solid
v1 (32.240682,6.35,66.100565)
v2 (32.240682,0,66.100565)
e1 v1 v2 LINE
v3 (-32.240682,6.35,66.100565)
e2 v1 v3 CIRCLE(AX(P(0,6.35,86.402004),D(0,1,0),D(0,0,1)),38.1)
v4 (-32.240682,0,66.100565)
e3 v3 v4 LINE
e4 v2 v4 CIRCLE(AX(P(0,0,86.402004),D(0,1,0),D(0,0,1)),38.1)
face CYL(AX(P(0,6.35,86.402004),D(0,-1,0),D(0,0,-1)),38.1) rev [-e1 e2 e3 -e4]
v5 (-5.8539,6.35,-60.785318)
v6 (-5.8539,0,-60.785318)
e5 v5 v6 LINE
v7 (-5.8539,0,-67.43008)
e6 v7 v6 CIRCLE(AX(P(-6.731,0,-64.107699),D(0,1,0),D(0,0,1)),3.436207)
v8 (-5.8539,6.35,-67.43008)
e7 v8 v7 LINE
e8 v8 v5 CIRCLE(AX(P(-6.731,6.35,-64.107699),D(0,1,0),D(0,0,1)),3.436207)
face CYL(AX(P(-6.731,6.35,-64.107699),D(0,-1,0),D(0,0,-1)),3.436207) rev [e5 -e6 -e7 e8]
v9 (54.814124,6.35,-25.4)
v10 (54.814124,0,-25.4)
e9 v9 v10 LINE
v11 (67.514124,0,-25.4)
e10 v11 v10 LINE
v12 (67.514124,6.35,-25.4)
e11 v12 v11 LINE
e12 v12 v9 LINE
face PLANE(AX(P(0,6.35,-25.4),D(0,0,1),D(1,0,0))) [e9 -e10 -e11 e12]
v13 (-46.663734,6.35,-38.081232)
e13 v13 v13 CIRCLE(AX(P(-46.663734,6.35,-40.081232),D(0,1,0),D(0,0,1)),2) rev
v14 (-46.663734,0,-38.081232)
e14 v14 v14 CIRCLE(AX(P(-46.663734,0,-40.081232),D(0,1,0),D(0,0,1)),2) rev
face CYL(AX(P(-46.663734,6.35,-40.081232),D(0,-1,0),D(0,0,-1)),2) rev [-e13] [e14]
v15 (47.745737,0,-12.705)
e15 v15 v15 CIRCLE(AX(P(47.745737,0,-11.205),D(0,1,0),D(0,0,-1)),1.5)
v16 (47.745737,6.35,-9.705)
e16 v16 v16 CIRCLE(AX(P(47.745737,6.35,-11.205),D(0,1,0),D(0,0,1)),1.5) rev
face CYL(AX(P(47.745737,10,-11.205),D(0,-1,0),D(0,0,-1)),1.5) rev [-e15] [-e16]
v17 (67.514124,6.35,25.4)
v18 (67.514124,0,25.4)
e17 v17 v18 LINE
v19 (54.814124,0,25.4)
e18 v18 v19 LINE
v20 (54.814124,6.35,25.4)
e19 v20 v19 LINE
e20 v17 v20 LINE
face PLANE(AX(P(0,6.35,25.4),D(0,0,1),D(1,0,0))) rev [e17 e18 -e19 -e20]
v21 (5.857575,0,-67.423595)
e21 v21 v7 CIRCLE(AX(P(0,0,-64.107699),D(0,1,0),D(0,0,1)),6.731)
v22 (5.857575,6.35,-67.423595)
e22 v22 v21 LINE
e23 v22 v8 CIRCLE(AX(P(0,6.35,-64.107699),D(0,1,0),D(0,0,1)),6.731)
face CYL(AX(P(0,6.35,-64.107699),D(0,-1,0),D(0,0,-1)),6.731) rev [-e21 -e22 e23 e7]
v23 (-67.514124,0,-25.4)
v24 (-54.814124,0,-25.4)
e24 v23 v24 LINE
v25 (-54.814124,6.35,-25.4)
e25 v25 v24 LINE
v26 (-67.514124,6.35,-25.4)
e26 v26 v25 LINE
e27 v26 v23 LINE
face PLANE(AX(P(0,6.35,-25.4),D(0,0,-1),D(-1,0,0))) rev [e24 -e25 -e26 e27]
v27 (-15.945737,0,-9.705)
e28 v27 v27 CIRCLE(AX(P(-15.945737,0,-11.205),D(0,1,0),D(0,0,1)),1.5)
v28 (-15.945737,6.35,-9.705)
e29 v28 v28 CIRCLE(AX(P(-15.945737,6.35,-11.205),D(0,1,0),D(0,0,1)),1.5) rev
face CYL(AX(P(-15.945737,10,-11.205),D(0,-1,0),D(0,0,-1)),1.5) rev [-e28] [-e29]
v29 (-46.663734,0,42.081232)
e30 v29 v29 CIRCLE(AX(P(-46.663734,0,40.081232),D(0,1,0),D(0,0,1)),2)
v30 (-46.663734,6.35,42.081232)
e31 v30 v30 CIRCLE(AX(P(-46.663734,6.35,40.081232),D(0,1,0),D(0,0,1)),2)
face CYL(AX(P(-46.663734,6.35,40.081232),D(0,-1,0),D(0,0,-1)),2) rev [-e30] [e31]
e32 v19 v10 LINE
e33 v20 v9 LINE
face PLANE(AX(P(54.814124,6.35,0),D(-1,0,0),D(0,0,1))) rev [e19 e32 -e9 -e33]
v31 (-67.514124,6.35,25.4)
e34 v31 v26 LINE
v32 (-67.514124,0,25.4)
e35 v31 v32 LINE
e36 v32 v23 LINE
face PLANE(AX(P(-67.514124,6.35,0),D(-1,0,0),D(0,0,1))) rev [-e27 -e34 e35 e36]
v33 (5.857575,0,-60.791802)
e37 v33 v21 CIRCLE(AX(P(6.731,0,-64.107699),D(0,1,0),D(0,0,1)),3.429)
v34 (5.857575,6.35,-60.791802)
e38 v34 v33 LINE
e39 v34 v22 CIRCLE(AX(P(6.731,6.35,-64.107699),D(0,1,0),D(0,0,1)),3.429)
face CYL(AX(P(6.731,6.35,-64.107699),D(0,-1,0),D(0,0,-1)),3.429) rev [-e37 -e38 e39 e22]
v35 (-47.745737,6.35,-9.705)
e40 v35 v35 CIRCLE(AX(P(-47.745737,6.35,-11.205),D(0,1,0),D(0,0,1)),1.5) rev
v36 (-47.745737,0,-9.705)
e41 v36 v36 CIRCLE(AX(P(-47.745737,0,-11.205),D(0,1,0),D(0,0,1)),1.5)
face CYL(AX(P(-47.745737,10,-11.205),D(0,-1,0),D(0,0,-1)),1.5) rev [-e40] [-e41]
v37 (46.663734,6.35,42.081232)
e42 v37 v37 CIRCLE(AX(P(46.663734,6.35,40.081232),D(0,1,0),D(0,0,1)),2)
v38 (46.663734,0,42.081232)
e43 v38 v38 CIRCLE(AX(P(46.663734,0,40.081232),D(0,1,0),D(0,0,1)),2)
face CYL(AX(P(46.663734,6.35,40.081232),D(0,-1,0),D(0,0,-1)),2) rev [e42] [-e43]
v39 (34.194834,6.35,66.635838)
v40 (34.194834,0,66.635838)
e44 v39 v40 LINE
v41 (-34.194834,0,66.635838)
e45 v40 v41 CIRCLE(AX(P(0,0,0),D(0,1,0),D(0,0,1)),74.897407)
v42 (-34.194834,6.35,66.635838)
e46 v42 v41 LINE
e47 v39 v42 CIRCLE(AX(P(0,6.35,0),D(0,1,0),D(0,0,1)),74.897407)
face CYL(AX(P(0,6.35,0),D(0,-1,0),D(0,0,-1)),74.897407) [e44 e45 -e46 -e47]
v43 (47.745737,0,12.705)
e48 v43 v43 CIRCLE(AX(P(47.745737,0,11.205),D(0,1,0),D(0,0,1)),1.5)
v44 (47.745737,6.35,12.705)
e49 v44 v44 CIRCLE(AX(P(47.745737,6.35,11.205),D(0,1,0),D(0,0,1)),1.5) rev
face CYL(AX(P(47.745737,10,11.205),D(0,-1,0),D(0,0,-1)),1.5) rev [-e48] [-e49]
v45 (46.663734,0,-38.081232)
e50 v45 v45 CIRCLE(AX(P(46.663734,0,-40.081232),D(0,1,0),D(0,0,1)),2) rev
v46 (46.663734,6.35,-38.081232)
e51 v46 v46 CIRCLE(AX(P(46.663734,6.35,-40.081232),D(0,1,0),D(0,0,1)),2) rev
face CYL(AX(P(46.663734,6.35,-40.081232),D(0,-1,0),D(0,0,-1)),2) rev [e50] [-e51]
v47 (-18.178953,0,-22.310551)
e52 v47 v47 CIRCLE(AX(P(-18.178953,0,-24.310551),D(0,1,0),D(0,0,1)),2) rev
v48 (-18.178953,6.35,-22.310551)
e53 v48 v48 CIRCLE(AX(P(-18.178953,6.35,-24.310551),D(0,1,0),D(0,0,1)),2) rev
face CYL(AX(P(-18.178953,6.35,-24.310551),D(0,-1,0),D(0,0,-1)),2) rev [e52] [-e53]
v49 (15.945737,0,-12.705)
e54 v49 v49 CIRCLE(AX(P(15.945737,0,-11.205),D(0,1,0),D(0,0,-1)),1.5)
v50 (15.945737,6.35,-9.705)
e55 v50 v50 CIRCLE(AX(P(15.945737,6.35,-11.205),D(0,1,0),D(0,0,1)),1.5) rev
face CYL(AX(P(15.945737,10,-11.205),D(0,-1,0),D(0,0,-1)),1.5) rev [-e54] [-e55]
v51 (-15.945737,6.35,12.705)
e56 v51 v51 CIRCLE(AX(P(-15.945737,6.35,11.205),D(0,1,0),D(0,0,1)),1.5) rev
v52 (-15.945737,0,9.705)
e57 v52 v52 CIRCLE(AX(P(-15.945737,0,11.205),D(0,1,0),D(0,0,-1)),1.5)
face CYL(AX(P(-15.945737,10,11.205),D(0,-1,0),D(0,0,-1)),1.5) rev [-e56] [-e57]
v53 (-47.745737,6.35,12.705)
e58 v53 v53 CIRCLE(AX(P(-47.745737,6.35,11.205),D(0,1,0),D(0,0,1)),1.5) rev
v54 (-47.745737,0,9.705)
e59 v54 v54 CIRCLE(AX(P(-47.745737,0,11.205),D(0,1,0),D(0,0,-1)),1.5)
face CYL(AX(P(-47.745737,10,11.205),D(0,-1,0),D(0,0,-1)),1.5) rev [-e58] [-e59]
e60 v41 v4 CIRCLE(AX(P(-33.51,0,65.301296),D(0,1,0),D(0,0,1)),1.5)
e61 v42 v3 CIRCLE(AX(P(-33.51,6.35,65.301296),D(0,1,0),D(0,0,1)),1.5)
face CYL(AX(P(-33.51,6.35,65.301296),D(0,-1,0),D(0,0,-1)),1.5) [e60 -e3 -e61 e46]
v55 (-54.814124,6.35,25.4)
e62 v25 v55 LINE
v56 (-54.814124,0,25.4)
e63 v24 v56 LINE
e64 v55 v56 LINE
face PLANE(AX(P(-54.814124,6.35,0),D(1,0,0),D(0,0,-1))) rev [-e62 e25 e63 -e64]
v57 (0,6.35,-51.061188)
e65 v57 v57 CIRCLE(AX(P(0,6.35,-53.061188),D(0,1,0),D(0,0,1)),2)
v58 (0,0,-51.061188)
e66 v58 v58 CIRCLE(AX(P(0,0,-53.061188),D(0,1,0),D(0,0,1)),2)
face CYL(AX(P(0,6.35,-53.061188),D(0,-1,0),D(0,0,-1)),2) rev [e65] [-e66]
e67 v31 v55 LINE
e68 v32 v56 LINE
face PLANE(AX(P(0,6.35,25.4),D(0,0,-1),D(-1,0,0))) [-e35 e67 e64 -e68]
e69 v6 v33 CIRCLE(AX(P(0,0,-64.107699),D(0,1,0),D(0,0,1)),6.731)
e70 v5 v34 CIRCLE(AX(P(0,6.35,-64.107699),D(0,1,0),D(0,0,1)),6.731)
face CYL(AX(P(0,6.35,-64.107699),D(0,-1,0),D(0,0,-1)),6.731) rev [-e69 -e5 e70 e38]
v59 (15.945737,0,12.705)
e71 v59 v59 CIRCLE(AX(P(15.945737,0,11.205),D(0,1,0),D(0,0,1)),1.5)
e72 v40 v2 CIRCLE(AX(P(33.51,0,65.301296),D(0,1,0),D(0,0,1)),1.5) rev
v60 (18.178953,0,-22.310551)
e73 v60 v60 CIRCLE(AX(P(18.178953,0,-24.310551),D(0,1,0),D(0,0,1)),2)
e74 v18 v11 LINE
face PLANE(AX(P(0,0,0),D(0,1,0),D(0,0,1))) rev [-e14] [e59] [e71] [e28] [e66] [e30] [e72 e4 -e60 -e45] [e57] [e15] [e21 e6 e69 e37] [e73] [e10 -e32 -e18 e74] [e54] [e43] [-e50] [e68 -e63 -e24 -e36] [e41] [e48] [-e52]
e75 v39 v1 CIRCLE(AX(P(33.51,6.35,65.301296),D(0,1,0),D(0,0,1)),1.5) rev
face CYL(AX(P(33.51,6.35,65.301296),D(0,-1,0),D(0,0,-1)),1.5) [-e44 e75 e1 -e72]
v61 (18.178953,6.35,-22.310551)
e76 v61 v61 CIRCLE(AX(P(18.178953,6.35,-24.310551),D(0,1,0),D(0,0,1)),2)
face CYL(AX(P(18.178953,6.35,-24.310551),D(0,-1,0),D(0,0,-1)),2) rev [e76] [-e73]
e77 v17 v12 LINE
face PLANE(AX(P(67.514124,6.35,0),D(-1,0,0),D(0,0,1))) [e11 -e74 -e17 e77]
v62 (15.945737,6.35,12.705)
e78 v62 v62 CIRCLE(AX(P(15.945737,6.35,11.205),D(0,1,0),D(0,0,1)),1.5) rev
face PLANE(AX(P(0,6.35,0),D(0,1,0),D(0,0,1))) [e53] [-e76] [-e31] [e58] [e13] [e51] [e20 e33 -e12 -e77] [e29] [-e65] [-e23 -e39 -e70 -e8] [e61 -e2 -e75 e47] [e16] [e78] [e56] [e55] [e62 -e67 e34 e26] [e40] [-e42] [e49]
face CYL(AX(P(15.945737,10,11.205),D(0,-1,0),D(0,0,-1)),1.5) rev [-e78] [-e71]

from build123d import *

# Parameters (mm, degrees)
SKETCH1_R           = 2
SKETCH1_W           = 12.7
SKETCH1_H           = 50.8
BOSS_EXTRUDE3_DEPTH = 6.35
SKETCH2_R           = 1.5
CUT_EXTRUDE2_DEPTH  = 10


with BuildPart() as part:
    # Sketch1 → Boss-Extrude3 (new body)
    with BuildSketch(Plane(origin=(0, 0, 0), x_dir=(1, 0, 0), z_dir=(0, 1, 0))):
        with BuildLine():
            ThreePointArc((34.194833578, -66.63583839), (33.11372382, -66.748004461), (32.240681933, -66.10056535))
            ThreePointArc((32.240681933, -66.10056535), (0, -48.302004425), (-32.240681933, -66.10056535))
            ThreePointArc((-32.240681933, -66.10056535), (-33.11372382, -66.748004461), (-34.194833578, -66.63583839))
            ThreePointArc((-34.194833578, -66.63583839), (0, 74.897407173), (34.194833578, -66.63583839))
        make_face()
        with Locations((0, 53.061187965)):
            Circle(SKETCH1_R, mode=Mode.SUBTRACT)
        with Locations((18.178952795, 24.310551096)):
            Circle(SKETCH1_R, mode=Mode.SUBTRACT)
        with Locations((46.663733983, 40.081231883)):
            Circle(SKETCH1_R, mode=Mode.SUBTRACT)
        with Locations((46.663733983, -40.081231883)):
            Circle(SKETCH1_R, mode=Mode.SUBTRACT)
        with Locations((-46.663733983, -40.081231883)):
            Circle(SKETCH1_R, mode=Mode.SUBTRACT)
        with Locations((-18.178952795, 24.310551096)):
            Circle(SKETCH1_R, mode=Mode.SUBTRACT)
        with Locations((-46.663733983, 40.081231883)):
            Circle(SKETCH1_R, mode=Mode.SUBTRACT)
        with Locations((61.164123727, 0)):
            Rectangle(SKETCH1_W, SKETCH1_H, mode=Mode.SUBTRACT)
        with Locations((-61.164123727, 0)):
            Rectangle(SKETCH1_W, SKETCH1_H, mode=Mode.SUBTRACT)
        with BuildLine():
            ThreePointArc((-5.853899988, 60.78531778), (0.003726822, 57.376699875), (5.857575472, 60.791802193))
            ThreePointArc((5.857575472, 60.791802193), (10.16, 64.107698843), (5.857575472, 67.423595493))
            ThreePointArc((5.857575472, 67.423595493), (0.003726822, 70.838697812), (-5.853899988, 67.430079907))
            ThreePointArc((-5.853899988, 67.430079907), (-10.167207264, 64.107698843), (-5.853899988, 60.78531778))
        make_face(mode=Mode.SUBTRACT)
    extrude(amount=BOSS_EXTRUDE3_DEPTH)

    # Sketch2 → Cut-Extrude2 (cut)
    with BuildSketch(Plane(origin=(0, 0, 0), x_dir=(1, 0, 0), z_dir=(0, 1, 0))):
        with Locations((-47.745737366, 11.205)):
            Circle(SKETCH2_R)
        with Locations((-47.745737366, -11.205)):
            Circle(SKETCH2_R)
        with Locations((-15.945737366, 11.205)):
            Circle(SKETCH2_R)
        with Locations((-15.945737366, -11.205)):
            Circle(SKETCH2_R)
        with Locations((15.945737366, -11.205)):
            Circle(SKETCH2_R)
        with Locations((15.945737366, 11.205)):
            Circle(SKETCH2_R)
        with Locations((47.745737366, -11.205)):
            Circle(SKETCH2_R)
        with Locations((47.745737366, 11.205)):
            Circle(SKETCH2_R)
    extrude(amount=CUT_EXTRUDE2_DEPTH, mode=Mode.SUBTRACT)


solid = part.part
